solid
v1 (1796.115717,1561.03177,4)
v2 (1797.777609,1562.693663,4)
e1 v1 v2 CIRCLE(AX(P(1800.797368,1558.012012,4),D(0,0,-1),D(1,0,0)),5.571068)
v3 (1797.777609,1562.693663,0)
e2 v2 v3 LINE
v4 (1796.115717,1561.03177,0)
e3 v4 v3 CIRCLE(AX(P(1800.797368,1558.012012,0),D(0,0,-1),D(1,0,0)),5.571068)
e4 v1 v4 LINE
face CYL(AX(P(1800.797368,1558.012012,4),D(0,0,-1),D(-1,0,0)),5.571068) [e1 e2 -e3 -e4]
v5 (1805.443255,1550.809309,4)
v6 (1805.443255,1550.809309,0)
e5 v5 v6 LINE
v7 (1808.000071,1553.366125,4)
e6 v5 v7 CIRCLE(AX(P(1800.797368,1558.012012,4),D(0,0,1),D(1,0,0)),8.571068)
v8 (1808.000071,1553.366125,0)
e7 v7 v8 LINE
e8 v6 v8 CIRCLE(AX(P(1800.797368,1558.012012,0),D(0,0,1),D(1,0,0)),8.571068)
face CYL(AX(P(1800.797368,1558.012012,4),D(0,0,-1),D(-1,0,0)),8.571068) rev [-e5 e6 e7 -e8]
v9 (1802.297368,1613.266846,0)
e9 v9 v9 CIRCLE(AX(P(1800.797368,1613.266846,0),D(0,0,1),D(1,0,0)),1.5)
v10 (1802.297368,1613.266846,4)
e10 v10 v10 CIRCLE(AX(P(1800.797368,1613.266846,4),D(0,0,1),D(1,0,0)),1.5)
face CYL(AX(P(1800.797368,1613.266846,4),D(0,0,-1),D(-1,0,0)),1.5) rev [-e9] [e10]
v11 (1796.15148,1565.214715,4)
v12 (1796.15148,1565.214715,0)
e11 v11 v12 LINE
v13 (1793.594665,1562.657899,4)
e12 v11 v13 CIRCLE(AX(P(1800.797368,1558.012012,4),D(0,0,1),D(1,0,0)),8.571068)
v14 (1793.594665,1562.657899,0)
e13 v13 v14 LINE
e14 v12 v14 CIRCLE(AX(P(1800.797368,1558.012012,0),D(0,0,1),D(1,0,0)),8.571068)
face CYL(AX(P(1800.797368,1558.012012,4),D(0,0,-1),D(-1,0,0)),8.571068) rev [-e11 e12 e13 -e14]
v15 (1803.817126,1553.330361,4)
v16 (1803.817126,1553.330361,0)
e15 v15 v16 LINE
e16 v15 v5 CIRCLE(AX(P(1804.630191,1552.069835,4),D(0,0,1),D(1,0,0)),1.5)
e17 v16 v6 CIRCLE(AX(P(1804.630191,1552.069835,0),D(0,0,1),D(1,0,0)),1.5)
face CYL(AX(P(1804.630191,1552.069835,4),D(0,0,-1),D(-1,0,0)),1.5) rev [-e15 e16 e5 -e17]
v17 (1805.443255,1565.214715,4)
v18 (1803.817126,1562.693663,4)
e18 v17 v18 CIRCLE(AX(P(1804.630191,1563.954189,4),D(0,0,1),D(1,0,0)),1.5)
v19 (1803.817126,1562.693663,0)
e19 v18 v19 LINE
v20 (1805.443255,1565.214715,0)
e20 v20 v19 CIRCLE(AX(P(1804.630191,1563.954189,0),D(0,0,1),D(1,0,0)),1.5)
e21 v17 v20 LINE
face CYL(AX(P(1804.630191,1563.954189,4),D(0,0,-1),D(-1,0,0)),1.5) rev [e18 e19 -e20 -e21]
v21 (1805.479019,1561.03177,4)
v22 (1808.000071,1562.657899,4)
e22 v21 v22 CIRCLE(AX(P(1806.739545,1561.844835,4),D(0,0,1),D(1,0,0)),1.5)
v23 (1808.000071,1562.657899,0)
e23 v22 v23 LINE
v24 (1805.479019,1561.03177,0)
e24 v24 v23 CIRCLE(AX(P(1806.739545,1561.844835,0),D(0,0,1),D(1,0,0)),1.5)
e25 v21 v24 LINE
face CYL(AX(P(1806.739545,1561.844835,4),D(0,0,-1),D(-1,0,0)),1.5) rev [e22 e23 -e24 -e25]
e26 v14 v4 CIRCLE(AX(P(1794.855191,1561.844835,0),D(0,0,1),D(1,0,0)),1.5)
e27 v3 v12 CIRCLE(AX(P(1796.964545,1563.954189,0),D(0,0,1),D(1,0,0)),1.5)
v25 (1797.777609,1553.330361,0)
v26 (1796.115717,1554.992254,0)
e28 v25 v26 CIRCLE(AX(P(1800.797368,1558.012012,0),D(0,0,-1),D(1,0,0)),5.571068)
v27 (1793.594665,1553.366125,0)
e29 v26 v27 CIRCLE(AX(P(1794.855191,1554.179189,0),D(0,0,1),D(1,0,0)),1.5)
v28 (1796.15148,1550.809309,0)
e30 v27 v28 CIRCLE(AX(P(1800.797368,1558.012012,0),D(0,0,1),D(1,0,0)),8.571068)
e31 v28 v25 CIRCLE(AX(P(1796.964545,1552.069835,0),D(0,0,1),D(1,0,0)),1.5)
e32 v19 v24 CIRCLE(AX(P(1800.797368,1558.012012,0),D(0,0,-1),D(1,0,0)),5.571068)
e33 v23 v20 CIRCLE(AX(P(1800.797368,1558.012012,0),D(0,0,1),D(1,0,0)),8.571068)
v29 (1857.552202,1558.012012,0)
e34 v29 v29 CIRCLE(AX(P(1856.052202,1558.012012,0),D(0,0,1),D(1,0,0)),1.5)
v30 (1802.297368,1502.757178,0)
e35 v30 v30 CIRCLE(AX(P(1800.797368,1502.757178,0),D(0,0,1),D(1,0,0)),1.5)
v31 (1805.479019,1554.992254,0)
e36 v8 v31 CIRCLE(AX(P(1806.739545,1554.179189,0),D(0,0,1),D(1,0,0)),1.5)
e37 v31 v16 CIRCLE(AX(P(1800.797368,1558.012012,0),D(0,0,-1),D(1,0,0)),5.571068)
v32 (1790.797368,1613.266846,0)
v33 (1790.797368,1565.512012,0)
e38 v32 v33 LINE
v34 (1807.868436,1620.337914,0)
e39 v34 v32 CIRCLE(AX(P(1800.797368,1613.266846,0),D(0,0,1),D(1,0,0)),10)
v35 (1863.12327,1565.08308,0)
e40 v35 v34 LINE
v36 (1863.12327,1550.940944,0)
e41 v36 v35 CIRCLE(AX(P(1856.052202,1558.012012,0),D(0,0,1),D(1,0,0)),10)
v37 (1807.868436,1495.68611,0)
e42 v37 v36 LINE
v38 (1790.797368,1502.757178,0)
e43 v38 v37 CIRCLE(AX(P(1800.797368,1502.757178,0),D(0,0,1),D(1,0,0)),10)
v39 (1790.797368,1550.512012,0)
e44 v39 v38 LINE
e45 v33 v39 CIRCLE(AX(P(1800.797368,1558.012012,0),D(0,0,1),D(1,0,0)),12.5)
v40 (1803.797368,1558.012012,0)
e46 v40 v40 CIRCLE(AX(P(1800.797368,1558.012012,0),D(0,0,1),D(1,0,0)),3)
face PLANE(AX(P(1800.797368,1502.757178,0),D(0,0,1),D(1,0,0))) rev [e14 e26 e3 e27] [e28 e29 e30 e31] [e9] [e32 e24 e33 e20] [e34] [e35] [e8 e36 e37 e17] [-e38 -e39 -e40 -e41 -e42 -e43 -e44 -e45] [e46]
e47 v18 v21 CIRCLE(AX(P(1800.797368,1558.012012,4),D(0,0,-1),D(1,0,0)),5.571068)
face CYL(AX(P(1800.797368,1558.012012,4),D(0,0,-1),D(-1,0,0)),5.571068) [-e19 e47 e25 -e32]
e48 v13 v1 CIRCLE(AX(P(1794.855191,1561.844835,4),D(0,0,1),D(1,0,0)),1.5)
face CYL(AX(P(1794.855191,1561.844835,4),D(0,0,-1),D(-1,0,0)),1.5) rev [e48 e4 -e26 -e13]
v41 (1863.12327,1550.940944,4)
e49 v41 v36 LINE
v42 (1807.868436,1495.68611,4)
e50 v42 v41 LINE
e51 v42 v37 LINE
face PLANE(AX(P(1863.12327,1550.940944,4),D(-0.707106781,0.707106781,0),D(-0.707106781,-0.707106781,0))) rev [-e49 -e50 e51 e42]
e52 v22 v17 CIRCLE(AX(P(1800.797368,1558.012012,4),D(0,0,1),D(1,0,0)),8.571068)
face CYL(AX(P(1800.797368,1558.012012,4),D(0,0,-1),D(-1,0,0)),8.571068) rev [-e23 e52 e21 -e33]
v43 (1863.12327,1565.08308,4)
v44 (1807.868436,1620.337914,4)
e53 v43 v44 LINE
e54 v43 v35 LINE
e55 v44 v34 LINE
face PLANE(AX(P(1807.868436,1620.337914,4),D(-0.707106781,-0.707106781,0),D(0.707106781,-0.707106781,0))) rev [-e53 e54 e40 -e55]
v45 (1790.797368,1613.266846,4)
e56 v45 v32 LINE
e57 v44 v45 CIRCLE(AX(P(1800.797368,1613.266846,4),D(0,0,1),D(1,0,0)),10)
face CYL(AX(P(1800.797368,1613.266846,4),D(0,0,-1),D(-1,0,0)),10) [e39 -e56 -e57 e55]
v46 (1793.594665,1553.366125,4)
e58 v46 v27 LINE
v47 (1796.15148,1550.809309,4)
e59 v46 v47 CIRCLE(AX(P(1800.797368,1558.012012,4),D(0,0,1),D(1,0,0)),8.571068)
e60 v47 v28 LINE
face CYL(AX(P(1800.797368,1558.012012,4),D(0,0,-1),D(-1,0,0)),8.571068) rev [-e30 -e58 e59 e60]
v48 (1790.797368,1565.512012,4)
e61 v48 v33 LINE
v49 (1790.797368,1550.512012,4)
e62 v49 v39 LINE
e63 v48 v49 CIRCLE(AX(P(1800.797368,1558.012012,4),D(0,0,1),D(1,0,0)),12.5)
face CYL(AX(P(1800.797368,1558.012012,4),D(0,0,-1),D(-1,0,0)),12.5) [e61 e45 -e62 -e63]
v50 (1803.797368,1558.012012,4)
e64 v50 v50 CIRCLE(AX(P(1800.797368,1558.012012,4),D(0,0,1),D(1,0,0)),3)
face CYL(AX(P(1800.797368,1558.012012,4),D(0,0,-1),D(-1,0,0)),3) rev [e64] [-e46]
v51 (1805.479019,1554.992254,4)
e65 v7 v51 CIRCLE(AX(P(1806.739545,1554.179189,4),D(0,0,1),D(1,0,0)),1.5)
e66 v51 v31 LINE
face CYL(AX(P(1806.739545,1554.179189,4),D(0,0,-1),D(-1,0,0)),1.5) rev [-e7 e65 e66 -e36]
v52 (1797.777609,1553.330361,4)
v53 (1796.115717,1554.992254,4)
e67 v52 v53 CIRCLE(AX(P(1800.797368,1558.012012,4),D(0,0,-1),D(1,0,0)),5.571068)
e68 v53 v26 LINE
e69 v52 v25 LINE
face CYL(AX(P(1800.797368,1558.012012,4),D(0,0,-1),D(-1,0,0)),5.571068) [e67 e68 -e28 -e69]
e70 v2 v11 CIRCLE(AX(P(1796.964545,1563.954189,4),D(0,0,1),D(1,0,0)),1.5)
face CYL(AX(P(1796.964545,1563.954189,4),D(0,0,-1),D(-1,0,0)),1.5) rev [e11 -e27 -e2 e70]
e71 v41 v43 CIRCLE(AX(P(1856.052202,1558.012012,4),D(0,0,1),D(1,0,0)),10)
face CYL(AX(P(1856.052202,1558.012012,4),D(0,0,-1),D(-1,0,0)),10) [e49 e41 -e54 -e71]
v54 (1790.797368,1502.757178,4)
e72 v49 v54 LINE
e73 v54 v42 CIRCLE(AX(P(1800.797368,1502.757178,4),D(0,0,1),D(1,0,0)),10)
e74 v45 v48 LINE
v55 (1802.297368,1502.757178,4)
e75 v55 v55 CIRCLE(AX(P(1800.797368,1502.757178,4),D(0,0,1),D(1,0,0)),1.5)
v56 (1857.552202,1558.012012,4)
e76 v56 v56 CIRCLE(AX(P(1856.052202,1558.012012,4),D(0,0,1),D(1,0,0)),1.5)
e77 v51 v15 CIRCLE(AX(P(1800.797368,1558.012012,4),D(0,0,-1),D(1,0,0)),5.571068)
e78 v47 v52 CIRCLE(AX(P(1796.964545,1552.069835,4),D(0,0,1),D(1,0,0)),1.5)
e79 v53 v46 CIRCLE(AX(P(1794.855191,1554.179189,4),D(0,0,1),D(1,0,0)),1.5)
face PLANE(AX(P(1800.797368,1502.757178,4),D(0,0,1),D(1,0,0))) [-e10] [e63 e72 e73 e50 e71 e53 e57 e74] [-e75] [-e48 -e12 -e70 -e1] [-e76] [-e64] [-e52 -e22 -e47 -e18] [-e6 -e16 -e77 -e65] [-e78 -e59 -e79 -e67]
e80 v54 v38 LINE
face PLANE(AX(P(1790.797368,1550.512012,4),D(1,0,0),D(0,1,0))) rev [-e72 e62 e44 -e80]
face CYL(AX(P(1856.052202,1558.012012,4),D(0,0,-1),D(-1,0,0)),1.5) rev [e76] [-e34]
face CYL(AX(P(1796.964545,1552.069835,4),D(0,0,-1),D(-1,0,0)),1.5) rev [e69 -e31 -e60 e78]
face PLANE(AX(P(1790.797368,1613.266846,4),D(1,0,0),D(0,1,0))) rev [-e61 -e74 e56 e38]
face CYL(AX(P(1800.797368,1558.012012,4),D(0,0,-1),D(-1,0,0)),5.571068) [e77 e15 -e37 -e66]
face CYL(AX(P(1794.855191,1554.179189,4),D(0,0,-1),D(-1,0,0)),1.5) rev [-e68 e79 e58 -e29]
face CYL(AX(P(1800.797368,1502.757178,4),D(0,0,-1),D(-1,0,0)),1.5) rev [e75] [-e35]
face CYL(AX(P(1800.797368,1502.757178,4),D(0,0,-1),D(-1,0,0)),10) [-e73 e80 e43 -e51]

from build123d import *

# Parameters (mm, degrees)
SKETCH_1_R      = 3
SKETCH_1_R_2    = 1.5
EXTRUDE_1_DEPTH = 4


with BuildPart() as part:
    # 草图1 → 凸台-拉伸1 (new body)
    with BuildSketch(Plane.XY):
        with BuildLine():
            Line((1790.797367784, 1613.266845989), (1790.797367784, 1565.512011993))
            ThreePointArc((1790.797367784, 1565.512011993), (1788.297367784, 1558.012011993), (1790.797367784, 1550.512011993))
            Line((1790.797367784, 1550.512011993), (1790.797367784, 1502.757177997))
            ThreePointArc((1790.797367784, 1502.757177997), (1796.970533461, 1493.518382672), (1807.868435596, 1495.686110185))
            Line((1807.868435596, 1495.686110185), (1863.123269592, 1550.940944181))
            ThreePointArc((1863.123269592, 1550.940944181), (1866.05220178, 1558.012011993), (1863.123269592, 1565.083079805))
            Line((1863.123269592, 1565.083079805), (1807.868435596, 1620.337913801))
            ThreePointArc((1807.868435596, 1620.337913801), (1796.970533461, 1622.505641314), (1790.797367784, 1613.266845989))
        make_face()
        with Locations((1800.797367784, 1558.012011993)):
            Circle(SKETCH_1_R, mode=Mode.SUBTRACT)
        with Locations((1800.797367784, 1613.266845989)):
            Circle(SKETCH_1_R_2, mode=Mode.SUBTRACT)
        with Locations((1856.05220178, 1558.012011993)):
            Circle(SKETCH_1_R_2, mode=Mode.SUBTRACT)
        with Locations((1800.797367784, 1502.757177997)):
            Circle(SKETCH_1_R_2, mode=Mode.SUBTRACT)
        with BuildLine():
            ThreePointArc((1805.443255224, 1550.809308797), (1806.858027956, 1551.951351821), (1808.000070981, 1553.366124554))
            ThreePointArc((1808.000070981, 1553.366124554), (1807.55260939, 1555.43971519), (1805.479018754, 1554.992253599))
            ThreePointArc((1805.479018754, 1554.992253599), (1804.736707613, 1554.072672165), (1803.817126178, 1553.330361023))
            ThreePointArc((1803.817126178, 1553.330361023), (1803.369664588, 1551.256770387), (1805.443255224, 1550.809308797))
        make_face(mode=Mode.SUBTRACT)
        with BuildLine():
            ThreePointArc((1808.000070981, 1562.657899433), (1806.858027956, 1564.072672165), (1805.443255224, 1565.21471519))
            ThreePointArc((1805.443255224, 1565.21471519), (1803.369664588, 1564.767253599), (1803.817126178, 1562.693662963))
            ThreePointArc((1803.817126178, 1562.693662963), (1804.736707613, 1561.951351821), (1805.479018754, 1561.031770387))
            ThreePointArc((1805.479018754, 1561.031770387), (1807.55260939, 1560.584308797), (1808.000070981, 1562.657899433))
        make_face(mode=Mode.SUBTRACT)
        with BuildLine():
            ThreePointArc((1796.151480345, 1565.21471519), (1794.736707613, 1564.072672165), (1793.594664588, 1562.657899433))
            ThreePointArc((1793.594664588, 1562.657899433), (1794.042126178, 1560.584308797), (1796.115716814, 1561.031770387))
            ThreePointArc((1796.115716814, 1561.031770387), (1796.858027956, 1561.951351821), (1797.77760939, 1562.693662963))
            ThreePointArc((1797.77760939, 1562.693662963), (1798.225070981, 1564.767253599), (1796.151480345, 1565.21471519))
        make_face(mode=Mode.SUBTRACT)
        with BuildLine():
            ThreePointArc((1793.594664588, 1553.366124554), (1794.736707613, 1551.951351821), (1796.151480345, 1550.809308797))
            ThreePointArc((1796.151480345, 1550.809308797), (1798.225070981, 1551.256770387), (1797.77760939, 1553.330361023))
            ThreePointArc((1797.77760939, 1553.330361023), (1796.858027956, 1554.072672165), (1796.115716814, 1554.992253599))
            ThreePointArc((1796.115716814, 1554.992253599), (1794.042126178, 1555.43971519), (1793.594664588, 1553.366124554))
        make_face(mode=Mode.SUBTRACT)
    extrude(amount=EXTRUDE_1_DEPTH)


solid = part.part
